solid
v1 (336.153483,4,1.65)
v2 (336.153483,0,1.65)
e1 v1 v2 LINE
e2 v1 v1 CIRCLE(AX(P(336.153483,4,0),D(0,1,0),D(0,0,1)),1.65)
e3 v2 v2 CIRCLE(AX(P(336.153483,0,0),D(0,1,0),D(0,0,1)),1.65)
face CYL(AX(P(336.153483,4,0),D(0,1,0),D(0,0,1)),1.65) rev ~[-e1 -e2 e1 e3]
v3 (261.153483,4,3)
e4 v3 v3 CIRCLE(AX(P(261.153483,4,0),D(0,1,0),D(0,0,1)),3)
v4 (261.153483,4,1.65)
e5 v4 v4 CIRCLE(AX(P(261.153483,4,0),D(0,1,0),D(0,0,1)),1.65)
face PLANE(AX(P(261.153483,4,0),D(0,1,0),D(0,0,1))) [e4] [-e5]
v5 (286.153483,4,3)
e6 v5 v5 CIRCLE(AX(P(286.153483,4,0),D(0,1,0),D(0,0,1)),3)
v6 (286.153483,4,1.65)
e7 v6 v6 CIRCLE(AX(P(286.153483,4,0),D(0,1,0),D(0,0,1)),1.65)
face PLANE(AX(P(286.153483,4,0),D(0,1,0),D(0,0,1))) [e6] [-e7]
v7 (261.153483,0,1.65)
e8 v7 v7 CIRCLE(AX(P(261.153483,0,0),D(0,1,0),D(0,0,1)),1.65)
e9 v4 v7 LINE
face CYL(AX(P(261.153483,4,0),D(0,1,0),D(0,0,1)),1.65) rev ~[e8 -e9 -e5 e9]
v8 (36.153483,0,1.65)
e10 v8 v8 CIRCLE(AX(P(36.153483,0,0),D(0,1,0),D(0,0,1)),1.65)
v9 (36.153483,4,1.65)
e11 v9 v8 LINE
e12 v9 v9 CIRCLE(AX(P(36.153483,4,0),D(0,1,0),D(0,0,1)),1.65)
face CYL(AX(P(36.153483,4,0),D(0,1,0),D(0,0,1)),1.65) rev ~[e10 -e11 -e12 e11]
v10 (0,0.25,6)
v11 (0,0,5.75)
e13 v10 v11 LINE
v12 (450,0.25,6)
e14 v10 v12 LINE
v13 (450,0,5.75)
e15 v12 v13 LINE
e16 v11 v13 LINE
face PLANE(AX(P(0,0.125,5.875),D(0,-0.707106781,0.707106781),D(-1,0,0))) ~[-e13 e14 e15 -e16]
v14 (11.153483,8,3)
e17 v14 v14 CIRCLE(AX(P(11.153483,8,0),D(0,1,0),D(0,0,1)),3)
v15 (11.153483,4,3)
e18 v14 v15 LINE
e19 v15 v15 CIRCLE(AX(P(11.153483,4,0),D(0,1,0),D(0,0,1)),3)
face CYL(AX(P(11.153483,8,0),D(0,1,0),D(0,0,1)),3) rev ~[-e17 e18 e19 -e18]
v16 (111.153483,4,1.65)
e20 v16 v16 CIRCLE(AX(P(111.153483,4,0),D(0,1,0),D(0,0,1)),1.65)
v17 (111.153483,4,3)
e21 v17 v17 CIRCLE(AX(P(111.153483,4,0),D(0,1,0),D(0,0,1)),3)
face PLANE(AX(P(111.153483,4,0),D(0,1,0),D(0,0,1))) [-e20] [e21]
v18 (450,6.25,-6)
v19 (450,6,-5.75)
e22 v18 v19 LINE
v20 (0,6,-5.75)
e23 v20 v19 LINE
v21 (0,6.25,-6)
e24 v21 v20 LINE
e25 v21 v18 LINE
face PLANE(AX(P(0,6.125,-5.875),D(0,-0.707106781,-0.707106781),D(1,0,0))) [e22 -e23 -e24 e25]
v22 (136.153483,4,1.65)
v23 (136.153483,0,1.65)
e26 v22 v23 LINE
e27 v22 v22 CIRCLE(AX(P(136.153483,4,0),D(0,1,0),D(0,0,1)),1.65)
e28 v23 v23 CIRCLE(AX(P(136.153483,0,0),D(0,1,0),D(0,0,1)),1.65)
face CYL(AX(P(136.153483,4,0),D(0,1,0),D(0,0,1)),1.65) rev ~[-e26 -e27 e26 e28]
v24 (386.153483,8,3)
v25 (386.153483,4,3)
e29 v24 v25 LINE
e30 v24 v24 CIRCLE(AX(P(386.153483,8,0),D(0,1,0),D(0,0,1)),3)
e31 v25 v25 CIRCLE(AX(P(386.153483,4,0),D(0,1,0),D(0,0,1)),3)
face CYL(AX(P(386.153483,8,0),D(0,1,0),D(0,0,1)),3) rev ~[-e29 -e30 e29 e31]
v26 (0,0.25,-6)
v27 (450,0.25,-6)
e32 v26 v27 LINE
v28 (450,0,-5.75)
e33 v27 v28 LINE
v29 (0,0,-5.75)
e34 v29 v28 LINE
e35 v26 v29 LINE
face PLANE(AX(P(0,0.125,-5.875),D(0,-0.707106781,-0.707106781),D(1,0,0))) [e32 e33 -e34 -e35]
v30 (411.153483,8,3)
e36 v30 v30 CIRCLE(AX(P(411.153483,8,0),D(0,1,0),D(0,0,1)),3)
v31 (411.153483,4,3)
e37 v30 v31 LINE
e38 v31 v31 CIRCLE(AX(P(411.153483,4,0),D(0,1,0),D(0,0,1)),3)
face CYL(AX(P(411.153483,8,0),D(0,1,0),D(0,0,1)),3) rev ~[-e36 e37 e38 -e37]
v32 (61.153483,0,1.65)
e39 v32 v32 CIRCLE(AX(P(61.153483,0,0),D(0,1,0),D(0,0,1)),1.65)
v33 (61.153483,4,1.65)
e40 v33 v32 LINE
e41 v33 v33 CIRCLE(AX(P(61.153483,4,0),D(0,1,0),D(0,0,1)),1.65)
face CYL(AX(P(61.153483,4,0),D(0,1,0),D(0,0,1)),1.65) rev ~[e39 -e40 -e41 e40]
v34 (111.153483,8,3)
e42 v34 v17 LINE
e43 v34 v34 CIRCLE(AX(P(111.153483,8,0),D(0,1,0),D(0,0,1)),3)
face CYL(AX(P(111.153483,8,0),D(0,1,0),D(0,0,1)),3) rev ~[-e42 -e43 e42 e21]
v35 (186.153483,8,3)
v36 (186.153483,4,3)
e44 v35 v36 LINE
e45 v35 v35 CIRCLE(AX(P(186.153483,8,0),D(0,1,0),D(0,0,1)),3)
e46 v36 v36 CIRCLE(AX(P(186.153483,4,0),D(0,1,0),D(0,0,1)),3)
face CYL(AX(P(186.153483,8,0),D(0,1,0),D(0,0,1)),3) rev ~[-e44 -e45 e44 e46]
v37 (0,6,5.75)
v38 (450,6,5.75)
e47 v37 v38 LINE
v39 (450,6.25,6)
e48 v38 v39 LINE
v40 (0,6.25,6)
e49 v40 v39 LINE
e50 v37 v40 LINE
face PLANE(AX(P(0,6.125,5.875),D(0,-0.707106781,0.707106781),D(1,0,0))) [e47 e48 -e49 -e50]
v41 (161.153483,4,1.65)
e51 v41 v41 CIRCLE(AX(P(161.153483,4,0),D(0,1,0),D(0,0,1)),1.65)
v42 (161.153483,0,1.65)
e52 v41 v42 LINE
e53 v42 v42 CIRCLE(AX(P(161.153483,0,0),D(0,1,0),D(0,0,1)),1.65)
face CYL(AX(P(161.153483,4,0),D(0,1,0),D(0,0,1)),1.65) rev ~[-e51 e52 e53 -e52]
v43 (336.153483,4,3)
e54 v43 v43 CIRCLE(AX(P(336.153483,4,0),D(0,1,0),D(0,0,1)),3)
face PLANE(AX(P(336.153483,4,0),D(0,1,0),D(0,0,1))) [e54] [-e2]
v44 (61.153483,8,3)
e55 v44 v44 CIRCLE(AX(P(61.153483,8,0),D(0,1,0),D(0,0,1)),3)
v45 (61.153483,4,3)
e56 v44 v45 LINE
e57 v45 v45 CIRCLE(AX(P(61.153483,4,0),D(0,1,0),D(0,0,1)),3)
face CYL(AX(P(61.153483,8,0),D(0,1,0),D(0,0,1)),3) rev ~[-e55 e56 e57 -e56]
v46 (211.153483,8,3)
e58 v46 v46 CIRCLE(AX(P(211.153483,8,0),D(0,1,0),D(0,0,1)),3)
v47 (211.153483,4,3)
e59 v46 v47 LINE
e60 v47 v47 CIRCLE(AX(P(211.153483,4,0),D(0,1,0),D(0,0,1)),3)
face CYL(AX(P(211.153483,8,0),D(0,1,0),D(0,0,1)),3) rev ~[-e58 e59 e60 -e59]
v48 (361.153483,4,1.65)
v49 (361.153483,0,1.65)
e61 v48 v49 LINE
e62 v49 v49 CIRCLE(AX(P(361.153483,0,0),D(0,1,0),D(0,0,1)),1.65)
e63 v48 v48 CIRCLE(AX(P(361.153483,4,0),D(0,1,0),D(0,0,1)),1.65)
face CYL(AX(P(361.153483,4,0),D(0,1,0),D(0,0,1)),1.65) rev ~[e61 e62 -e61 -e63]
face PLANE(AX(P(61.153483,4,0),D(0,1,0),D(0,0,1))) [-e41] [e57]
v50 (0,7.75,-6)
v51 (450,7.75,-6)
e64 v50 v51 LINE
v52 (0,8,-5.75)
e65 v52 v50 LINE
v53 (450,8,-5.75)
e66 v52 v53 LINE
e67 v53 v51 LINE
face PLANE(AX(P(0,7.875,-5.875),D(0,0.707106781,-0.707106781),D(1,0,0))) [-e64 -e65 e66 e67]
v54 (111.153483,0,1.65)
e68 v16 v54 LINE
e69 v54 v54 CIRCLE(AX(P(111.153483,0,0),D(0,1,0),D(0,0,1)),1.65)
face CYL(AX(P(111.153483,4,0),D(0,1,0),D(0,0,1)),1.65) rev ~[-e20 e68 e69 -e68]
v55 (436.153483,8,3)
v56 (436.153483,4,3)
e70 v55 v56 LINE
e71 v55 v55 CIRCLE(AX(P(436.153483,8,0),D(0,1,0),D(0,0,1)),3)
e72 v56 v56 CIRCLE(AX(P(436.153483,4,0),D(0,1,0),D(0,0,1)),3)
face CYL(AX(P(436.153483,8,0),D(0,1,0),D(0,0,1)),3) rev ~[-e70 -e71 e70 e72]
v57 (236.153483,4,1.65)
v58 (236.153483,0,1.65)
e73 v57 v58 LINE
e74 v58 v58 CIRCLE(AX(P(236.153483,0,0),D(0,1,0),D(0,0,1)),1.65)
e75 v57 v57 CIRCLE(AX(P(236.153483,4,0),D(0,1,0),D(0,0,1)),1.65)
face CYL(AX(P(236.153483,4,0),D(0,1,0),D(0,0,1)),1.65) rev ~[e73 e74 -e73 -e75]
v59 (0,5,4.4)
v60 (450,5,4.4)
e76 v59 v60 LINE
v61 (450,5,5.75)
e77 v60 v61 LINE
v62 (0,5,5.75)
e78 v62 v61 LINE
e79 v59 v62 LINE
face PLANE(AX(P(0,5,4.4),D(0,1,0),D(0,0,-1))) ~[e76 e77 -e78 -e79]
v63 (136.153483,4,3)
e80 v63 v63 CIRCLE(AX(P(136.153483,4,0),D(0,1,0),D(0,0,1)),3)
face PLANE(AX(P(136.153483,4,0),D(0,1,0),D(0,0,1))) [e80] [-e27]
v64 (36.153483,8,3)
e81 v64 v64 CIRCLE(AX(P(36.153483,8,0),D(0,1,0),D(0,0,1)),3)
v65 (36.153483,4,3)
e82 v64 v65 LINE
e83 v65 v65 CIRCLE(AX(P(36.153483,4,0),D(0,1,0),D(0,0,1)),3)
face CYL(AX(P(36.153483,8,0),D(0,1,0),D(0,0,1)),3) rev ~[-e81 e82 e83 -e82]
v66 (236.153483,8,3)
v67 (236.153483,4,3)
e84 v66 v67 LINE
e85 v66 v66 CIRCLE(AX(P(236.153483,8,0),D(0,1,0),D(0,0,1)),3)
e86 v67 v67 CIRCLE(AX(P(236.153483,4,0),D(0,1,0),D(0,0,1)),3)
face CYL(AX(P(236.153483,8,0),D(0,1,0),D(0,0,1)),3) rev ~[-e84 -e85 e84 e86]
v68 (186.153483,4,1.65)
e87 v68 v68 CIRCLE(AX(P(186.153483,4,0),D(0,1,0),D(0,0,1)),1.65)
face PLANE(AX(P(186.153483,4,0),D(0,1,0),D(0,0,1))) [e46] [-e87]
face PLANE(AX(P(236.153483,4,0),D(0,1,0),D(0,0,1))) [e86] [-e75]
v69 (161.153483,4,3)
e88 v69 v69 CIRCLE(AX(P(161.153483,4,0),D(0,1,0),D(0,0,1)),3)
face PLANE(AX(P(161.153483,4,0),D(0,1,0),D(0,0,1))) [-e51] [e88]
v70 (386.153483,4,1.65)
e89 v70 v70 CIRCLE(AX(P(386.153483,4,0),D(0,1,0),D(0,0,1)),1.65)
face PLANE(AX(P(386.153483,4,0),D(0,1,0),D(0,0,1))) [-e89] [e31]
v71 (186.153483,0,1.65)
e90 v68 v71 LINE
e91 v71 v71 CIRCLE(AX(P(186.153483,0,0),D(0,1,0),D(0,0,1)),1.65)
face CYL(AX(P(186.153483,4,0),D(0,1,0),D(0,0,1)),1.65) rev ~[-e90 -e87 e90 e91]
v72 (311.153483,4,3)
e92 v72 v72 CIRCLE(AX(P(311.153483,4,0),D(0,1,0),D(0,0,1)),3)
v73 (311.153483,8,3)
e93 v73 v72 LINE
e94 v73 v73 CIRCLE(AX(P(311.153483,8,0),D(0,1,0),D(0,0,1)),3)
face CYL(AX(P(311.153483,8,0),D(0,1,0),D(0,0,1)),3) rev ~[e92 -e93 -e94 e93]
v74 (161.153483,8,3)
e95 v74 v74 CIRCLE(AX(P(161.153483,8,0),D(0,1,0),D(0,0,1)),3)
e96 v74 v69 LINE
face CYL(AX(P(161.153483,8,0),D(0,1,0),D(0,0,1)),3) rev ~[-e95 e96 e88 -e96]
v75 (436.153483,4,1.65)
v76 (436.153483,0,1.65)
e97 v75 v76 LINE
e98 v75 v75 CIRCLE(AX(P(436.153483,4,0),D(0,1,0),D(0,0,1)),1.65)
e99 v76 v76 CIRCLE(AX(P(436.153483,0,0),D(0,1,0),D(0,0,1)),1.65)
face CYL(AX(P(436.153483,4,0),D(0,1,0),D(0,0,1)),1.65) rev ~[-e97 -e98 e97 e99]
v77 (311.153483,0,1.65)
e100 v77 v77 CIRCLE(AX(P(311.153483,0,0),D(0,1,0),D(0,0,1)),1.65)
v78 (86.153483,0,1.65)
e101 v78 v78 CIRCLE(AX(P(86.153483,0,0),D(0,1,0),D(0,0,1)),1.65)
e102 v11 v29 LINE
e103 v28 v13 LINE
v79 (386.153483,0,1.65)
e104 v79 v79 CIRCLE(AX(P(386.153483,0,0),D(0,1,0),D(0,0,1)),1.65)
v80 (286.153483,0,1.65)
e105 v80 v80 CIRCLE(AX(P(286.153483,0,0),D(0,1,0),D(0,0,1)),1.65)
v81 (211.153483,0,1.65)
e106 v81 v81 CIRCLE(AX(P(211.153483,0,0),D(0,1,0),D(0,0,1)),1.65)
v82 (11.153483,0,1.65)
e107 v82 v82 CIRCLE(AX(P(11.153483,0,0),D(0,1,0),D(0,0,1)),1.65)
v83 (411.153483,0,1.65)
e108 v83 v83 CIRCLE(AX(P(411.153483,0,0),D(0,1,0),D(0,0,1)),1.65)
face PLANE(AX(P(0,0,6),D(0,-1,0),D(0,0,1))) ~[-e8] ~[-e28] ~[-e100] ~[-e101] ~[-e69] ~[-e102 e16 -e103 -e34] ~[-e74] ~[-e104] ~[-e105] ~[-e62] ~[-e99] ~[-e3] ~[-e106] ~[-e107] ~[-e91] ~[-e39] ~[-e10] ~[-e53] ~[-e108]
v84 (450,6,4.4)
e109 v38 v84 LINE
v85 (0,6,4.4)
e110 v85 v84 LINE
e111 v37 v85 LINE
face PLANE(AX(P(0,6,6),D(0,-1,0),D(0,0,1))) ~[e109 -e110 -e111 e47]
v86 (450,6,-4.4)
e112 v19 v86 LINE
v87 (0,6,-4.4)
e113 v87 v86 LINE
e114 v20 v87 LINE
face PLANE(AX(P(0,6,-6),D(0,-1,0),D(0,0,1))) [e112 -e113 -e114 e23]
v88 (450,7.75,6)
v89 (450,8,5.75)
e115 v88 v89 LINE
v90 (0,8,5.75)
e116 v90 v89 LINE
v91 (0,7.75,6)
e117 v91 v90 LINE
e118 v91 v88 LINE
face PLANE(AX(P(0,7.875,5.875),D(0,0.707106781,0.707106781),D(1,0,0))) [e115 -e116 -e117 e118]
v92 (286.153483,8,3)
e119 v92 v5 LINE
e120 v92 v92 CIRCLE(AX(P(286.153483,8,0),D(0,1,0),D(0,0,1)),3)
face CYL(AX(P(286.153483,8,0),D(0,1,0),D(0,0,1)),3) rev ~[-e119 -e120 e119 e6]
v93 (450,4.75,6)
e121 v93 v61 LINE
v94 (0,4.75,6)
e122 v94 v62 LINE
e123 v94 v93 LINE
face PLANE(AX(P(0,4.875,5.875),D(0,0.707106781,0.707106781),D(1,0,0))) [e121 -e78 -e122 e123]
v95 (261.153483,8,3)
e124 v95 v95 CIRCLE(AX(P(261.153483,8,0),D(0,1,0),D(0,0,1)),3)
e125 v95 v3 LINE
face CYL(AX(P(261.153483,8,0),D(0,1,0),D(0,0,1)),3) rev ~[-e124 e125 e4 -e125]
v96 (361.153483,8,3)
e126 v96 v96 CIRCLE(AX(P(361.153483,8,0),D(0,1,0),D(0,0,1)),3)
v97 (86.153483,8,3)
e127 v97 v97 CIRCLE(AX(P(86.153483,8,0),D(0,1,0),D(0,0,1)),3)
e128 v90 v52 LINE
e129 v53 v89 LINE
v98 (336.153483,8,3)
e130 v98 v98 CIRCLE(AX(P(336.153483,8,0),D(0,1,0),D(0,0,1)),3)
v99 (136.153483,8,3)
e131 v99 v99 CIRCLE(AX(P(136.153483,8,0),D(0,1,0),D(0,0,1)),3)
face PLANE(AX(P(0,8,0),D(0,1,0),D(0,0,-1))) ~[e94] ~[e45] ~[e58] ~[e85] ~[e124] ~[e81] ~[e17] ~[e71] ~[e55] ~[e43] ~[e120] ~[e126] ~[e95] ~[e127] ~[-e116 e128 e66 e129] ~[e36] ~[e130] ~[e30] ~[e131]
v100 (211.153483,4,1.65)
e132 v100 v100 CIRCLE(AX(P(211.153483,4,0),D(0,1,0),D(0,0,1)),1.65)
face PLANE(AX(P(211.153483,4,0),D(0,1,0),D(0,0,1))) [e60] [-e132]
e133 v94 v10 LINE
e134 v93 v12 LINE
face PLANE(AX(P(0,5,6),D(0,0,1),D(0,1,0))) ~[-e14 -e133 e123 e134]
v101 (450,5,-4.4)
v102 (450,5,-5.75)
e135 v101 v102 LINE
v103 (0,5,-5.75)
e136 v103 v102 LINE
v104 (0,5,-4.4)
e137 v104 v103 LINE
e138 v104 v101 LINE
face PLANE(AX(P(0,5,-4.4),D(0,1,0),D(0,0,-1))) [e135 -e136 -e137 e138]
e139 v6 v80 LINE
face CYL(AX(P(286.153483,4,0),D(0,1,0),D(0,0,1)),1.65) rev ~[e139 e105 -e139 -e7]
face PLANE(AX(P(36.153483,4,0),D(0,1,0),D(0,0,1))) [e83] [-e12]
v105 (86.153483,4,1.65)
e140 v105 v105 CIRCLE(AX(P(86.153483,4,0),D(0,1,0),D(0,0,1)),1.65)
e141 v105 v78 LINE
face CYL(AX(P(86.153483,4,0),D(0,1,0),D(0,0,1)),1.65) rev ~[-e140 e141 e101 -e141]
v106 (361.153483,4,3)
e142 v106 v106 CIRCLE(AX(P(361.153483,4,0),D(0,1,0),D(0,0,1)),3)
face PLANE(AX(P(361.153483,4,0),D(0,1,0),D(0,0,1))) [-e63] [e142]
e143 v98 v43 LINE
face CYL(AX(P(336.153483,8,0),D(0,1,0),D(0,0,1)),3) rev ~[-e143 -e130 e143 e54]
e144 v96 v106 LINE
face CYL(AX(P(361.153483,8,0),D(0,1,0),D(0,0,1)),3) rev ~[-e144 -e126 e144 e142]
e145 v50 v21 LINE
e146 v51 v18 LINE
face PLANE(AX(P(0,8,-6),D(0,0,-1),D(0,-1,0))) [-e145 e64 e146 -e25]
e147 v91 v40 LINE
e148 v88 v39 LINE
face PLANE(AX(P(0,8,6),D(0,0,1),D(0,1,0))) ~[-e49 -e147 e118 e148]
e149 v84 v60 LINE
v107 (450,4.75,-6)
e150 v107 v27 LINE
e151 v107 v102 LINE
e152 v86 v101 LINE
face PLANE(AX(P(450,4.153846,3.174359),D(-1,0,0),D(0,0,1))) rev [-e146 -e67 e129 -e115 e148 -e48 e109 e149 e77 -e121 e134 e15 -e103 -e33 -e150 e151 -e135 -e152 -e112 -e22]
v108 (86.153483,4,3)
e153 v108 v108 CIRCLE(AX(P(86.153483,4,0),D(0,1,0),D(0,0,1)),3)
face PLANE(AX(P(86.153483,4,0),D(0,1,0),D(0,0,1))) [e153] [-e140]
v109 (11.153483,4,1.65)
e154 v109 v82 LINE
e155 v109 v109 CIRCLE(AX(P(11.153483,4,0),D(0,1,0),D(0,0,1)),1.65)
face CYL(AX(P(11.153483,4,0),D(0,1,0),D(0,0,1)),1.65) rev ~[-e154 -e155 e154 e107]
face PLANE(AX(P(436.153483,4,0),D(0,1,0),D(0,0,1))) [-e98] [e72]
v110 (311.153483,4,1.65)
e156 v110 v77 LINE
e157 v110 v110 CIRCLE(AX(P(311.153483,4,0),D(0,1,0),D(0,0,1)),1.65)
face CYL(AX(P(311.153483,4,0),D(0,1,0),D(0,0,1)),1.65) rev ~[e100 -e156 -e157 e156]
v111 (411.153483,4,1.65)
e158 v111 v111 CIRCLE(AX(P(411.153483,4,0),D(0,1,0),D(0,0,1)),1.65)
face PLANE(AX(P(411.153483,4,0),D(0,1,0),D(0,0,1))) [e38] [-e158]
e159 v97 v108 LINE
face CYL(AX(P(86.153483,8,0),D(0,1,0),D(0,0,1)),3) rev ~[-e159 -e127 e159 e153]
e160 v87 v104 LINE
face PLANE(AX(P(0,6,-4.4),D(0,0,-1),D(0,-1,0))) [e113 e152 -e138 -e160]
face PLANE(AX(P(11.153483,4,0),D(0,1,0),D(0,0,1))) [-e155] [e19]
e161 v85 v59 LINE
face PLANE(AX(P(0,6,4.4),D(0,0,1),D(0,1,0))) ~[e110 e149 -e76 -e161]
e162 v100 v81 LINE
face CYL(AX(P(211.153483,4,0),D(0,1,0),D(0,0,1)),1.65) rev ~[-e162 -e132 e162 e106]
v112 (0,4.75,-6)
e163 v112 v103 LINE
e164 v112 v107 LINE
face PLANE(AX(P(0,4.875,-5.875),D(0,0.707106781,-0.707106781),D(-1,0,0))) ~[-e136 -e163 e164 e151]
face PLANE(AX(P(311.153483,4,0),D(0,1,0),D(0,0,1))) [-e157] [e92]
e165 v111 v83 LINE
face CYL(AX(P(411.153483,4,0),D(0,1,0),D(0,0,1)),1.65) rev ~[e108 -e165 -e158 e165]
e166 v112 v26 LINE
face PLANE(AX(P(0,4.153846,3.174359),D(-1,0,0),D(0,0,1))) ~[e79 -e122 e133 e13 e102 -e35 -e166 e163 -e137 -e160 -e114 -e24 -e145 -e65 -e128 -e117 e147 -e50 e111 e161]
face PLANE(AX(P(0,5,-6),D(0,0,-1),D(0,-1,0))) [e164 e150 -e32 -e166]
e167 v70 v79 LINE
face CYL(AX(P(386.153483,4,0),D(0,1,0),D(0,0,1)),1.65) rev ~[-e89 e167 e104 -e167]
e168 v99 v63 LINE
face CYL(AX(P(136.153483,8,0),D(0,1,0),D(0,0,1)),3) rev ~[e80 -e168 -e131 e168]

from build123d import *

# Parameters (mm, degrees)
BOSS_EXTRU_1_DEPTH           = 450
CHANFREIN1_SIZE              = 0.25
CHANFREIN1_OF_SYM_TRIE1_SIZE = 0.25
ESQUISSE2_R                  = 3
ENL_V_MAT_EXTRU_1_DEPTH      = 4
ESQUISSE3_R                  = 1.65
ENL_V_MAT_EXTRU_2_DEPTH      = 451.057774069
R_P_TITION_LIN_AIRE1_COUNT   = 18
R_P_TITION_LIN_AIRE1_PITCH   = 25


with BuildPart() as part:
    # Esquisse1 → Boss.-Extru.1 (new body)
    with BuildSketch(Plane(origin=(0, 0, 0), x_dir=(0, 0, -1), z_dir=(1, 0, 0))):
        Polygon((6, 5), (6, 0), (0, 0), (0, 8), (6, 8), (6, 6), (4.4, 6), (4.4, 5), align=None)
    boss_extru_1 = extrude(amount=BOSS_EXTRU_1_DEPTH)

    # Chanfrein1
    chanfrein1_edges = [part.edges().sort_by_distance(p)[0] for p in [
        (225, 6, -6),
        (225, 5, -6),
        (225, 0, -6),
        (225, 8, -6),
    ]]
    chamfer(chanfrein1_edges, length=CHANFREIN1_SIZE)

    # Symétrie1: Boss.-Extru.1 across plane
    add(boss_extru_1.mirror(Plane.XY))

    # Chanfrein1 of Symétrie1
    chanfrein1_of_sym_trie1_edges = [part.edges().sort_by_distance(p)[0] for p in [
        (225, 6, 6),
        (225, 5, 6),
        (225, 0, 6),
        (225, 8, 6),
    ]]
    chamfer(chanfrein1_of_sym_trie1_edges, length=CHANFREIN1_OF_SYM_TRIE1_SIZE)

    # Esquisse2 → Enlèv. mat.-Extru.1 (cut)
    with BuildSketch(Plane(origin=(0, 8, 0), x_dir=(1, 0, 0), z_dir=(0, 1, 0))):
        with Locations(Location((11.153483455, 0, 0), (0, 0, 270))):
            Circle(ESQUISSE2_R)
    enl_v_mat_extru_1 = extrude(amount=-ENL_V_MAT_EXTRU_1_DEPTH, mode=Mode.SUBTRACT)

    # Esquisse3 → Enlèv. mat.-Extru.2 (cut, through all)
    with BuildSketch(Plane(origin=(0, 4, 0), x_dir=(1, 0, 0), z_dir=(0, 1, 0))):
        with Locations(Location((11.153483455, 0, 0), (0, 0, 270))):
            Circle(ESQUISSE3_R)
    enl_v_mat_extru_2 = extrude(amount=-ENL_V_MAT_EXTRU_2_DEPTH, mode=Mode.SUBTRACT)

    # Répétition linéaire1: Enlèv. mat.-Extru.1, Enlèv. mat.-Extru.2 ×18
    with Locations(*[(i * R_P_TITION_LIN_AIRE1_PITCH, 0, 0) for i in range(1, R_P_TITION_LIN_AIRE1_COUNT)]):
        add(enl_v_mat_extru_1, mode=Mode.SUBTRACT)
        add(enl_v_mat_extru_2, mode=Mode.SUBTRACT)


solid = part.part
